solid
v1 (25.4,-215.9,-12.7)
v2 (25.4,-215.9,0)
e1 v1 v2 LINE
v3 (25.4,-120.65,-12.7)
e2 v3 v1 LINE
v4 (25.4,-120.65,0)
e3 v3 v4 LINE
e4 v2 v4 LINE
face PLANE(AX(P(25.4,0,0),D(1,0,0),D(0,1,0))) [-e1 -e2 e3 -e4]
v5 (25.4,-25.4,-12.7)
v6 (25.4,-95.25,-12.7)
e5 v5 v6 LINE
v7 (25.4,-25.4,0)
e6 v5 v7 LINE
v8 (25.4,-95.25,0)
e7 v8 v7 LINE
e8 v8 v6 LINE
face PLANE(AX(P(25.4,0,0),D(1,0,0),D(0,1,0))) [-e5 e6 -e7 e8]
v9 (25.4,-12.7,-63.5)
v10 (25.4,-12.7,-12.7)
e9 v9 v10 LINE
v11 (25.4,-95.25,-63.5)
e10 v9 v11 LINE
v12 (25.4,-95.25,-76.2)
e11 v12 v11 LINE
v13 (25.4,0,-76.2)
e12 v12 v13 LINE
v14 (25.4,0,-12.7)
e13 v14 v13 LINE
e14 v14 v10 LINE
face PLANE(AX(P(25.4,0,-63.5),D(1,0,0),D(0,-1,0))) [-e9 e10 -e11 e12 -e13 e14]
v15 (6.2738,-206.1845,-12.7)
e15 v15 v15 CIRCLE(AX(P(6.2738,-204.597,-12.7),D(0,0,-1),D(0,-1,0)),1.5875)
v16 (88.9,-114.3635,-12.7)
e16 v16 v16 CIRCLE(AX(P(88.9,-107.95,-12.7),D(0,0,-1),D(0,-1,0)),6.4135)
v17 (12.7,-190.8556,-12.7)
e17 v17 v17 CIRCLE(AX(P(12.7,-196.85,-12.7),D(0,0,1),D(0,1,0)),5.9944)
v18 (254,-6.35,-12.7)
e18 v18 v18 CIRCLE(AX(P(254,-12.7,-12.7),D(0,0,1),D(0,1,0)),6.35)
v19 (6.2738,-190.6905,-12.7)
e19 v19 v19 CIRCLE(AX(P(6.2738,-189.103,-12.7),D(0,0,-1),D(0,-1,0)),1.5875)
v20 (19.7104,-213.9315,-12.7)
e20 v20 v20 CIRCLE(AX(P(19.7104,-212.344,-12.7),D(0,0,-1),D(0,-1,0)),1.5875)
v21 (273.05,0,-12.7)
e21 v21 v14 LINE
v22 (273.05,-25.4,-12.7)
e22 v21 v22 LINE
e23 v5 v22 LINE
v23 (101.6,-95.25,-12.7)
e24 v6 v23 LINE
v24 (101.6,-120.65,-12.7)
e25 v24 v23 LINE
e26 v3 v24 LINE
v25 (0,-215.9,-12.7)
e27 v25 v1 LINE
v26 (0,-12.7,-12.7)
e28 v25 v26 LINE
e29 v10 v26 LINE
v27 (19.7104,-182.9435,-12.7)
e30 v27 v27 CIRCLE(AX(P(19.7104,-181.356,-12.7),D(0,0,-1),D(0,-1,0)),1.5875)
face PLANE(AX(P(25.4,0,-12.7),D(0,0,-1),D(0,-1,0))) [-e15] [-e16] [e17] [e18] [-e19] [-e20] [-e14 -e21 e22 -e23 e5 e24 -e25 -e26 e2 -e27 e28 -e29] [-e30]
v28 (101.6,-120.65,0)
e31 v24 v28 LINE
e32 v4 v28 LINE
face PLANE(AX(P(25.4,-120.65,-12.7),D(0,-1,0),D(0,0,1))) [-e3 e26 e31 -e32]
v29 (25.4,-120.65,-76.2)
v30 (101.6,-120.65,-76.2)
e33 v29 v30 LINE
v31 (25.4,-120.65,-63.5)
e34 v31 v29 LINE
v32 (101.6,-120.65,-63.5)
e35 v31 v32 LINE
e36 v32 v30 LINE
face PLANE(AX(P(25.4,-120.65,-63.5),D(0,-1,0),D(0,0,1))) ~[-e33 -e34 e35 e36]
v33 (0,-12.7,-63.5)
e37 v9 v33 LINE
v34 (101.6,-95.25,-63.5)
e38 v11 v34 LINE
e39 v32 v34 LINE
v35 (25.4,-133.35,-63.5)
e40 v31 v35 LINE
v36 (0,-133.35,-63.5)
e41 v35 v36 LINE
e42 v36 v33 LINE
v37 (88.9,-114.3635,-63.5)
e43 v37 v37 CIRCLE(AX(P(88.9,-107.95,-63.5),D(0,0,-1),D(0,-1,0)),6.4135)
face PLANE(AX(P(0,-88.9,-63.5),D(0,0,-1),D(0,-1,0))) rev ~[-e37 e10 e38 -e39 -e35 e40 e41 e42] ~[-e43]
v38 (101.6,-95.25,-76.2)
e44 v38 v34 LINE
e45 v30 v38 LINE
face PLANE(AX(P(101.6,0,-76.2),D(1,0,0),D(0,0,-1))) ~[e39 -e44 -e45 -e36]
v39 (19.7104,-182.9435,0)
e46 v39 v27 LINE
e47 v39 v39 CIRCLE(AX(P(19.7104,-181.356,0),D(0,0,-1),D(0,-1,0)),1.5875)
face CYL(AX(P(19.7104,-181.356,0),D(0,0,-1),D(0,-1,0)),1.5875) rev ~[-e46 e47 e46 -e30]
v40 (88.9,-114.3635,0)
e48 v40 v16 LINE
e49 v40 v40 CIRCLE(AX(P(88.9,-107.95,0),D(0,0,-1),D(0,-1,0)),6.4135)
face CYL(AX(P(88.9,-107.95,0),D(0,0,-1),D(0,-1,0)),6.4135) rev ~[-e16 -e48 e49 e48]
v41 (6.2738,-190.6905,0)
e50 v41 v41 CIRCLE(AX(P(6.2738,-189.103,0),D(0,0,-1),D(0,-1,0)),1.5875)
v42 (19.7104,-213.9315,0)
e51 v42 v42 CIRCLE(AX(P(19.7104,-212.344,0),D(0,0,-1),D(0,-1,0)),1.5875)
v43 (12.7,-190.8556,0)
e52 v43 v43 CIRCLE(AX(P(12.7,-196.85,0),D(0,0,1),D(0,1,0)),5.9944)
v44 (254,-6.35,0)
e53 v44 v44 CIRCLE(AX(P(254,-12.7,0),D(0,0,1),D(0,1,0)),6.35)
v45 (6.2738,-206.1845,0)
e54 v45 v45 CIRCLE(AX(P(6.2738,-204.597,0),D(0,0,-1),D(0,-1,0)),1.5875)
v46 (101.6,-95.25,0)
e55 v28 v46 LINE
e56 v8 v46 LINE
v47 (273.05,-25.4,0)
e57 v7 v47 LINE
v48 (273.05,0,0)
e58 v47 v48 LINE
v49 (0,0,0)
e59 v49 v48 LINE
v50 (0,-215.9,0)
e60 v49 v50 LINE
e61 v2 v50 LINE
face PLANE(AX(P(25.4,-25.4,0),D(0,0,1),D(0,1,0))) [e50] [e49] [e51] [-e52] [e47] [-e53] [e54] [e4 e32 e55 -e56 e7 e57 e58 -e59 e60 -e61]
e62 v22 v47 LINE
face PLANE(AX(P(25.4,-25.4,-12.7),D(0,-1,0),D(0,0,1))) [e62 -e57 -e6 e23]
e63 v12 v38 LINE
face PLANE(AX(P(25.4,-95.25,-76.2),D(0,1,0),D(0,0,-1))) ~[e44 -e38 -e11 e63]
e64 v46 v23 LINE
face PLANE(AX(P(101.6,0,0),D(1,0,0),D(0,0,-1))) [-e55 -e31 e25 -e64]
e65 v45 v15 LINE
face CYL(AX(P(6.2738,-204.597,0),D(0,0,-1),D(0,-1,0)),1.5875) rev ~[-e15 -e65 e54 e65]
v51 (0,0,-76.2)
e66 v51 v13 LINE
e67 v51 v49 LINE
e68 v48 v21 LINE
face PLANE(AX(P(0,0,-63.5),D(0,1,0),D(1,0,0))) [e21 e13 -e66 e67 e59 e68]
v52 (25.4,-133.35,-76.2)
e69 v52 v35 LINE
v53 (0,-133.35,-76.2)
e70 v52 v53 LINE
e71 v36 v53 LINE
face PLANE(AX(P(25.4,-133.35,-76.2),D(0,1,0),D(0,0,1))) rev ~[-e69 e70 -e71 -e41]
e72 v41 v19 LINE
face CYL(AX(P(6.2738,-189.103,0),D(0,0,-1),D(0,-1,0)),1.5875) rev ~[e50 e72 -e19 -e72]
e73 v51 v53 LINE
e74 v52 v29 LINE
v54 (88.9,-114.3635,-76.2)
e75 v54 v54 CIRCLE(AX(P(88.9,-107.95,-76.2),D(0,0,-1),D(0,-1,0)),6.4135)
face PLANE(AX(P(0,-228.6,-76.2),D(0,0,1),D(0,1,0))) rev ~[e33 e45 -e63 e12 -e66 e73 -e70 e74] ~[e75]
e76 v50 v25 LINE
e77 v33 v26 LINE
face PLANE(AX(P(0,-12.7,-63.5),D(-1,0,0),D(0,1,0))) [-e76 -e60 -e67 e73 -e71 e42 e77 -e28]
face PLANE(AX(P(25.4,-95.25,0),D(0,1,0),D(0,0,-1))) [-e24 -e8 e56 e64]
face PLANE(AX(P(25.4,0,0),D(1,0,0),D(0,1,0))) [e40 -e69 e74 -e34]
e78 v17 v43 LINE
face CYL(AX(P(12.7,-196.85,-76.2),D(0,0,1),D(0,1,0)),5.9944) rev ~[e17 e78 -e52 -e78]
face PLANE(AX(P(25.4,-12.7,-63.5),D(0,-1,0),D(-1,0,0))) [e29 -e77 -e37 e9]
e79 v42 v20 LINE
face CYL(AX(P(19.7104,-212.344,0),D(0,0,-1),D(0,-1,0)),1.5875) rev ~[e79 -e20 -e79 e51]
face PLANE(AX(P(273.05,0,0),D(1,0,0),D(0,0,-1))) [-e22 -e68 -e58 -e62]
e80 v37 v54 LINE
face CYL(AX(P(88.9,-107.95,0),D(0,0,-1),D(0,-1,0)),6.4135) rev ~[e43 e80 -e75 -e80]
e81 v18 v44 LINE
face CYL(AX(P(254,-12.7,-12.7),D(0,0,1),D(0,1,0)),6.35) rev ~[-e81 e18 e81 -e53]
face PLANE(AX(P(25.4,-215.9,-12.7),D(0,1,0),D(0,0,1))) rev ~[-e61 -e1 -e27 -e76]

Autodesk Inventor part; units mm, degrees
ref_plane "YZ Plane" through (0, 0, 0) normal (1, 0, 0) x (0, 1, 0)
ref_plane "XZ Plane" through (0, 0, 0) normal (0, 1, 0) x (-1, 0, 0)
sketch "Sketch1" plane through (0, 0, 0) normal (1, 0, 0) x (0, 1, 0)
  line L0 (0, 0) -> (-228.6, 0)
  line L1 (-228.6, 0) -> (-228.6, -12.7)
  line L2 (-228.6, -12.7) -> (0, -12.7)
  line L3 (0, -12.7) -> (0, 0)
  line L4 (0, -12.7) -> (-88.9, -12.7)
  line L5 (-88.9, -63.5) -> (0, -63.5)
  line L6 (0, -63.5) -> (-228.6, -63.5)
  line L7 (-228.6, -63.5) -> (-228.6, -76.2)
  line L8 (-228.6, -76.2) -> (0, -76.2)
  line L9 (0, -76.2) -> (0, -63.5)
  line L10 (-228.6, 0) -> (-215.9, 0)
  line L11 (-215.9, 0) -> (-215.9, -76.2)
  line L12 (-215.9, -76.2) -> (-228.6, -76.2)
  line L13 (-228.6, -76.2) -> (-228.6, 0)
  dimension "d1" = 12.7
  dimension "d4" = 12.7
  dimension "d63" = 12.7
  dimension "d64" = 228.6
  dimension "d65" = 228.6
  dimension "d66" = 50.8
extrude "Extrusion1" add sketch "Sketch1" along normal blind 25.4
sketch "Sketch3" plane through (0, -228.6, -76.2) normal (0, 0, -1) x (-1, 0, 0)
  line L0 (0, 0) -> (0, 228.6) projected
  line L1 (0, 228.6) -> (-25.4, 228.6) projected
  line L2 (-25.4, 0) -> (-25.4, 228.6) projected
  line L3 (0, 0) -> (-25.4, 0) projected
  point P0 (0, 228.6)
  point P1 (-12.7, 31.75)
  dimension "d18" = 25.4
  dimension "d19" = 12.7
  dimension "d20" = 31.75
hole "Hole2" at (12.7, -196.85, -76.2) direction (0, 0, 1) diameter 11.9888 end through all
sketch "Sketch5" plane through (25.4, 0, 0) normal (1, 0, 0) x (0, 0, -1)
  line L0 (0, 0) -> (12.7, 0)
  line L1 (12.7, 0) -> (12.7, -25.4)
  line L2 (12.7, -25.4) -> (0, -25.4)
  line L3 (0, -25.4) -> (0, 0)
  line L4 (0, 0) -> (0, -228.6) projected
  line L5 (12.7, 0) -> (0, 0) projected
  dimension "d39" = 12.7
  dimension "d67" = 25.4
  dimension "d68" = 0
  dimension "d69" = 0
extrude "Extrusion2" add sketch "Sketch5" along normal blind 247.65
sketch "Sketch9" plane through (25.4, 0, 0) normal (1, 0, 0) x (0, 0, -1)
  line L0 (12.7, -215.9) -> (12.7, -25.4) projected
  line L1 (0, -95.25) -> (12.7, -95.25)
  line L2 (12.7, -95.25) -> (12.7, -120.65)
  line L3 (12.7, -120.65) -> (0, -120.65)
  line L4 (0, -120.65) -> (0, -95.25)
  line L5 (0, -25.4) -> (0, -228.6) projected
  line L6 (0, -25.4) -> (12.7, -25.4) projected
  point P0 (0, 0)
  dimension "d81" = 25.4
  dimension "d83" = 12.7
  dimension "d84" = 12.7
  dimension "d85" = 69.85
extrude "Extrusion3" add sketch "Sketch9" along normal blind 76.2 contours L3 L4 L1 L0
sketch "Sketch8" plane through (0, -215.9, -12.7) normal (0, 0, -1) x (-1, 0, 0)
  line L0 (-273.05, 190.5) -> (-273.05, 215.9) projected
  line L1 (0, 215.9) -> (-273.05, 215.9) projected
  point P0 (-254, 203.2)
  dimension "d70" = 19.05
  dimension "d71" = 25.4
  dimension "d72" = 12.7
hole "Hole6" at (254, -12.7, -12.7) direction (0, 0, 1) diameter 12.7 end through all
ref_plane "Work Plane1" through (0, -215.9, -38.1) normal (0, 0, 1) x (1, 0, 0)
mirror "Mirror1" about plane through (0, -215.9, -38.1) normal (0, 0, 1) of "Extrusion3"
sketch "Sketch10" plane through (0, -228.6, 0) normal (0, 0, 1) x (1, 0, 0)
  line L0 (25.4, 133.35) -> (101.6, 133.35) projected
  line L1 (25.4, 107.95) -> (101.6, 107.95) projected
  line L2 (101.6, 133.35) -> (101.6, 107.95) projected
  point P0 (0, 228.6)
  point P1 (88.9, 120.65)
  dimension "d89" = 25.4
  dimension "d90" = 12.7
  dimension "d91" = 12.7
hole "Hole7" at (88.9, -107.95, 0) direction (0, 0, -1) diameter 12.827 end through all
sketch "Sketch11" plane through (0, -215.9, -63.5) normal (0, 0, 1) x (1, 0, 0)
  line L0 (0, 215.9) -> (25.4, 215.9) projected
  line L1 (25.4, 215.9) -> (25.4, 120.65) projected
  line L2 (0, 215.9) -> (25.4, 215.9)
  line L3 (25.4, 215.9) -> (25.4, 203.2)
  line L4 (25.4, 203.2) -> (0, 203.2)
  line L5 (0, 203.2) -> (0, 215.9)
  dimension "d99" = 12.7
extrude "Extrusion4" add sketch "Sketch11" along normal up to surface (50.8 mm away)
sketch "Sketch12" plane through (25.4, 0, 0) normal (1, 0, 0) x (0, 0, -1)
  line L0 (76.2, -228.6) -> (76.2, 0) projected
  line L1 (76.2, -133.35) -> (63.5, -133.35)
  line L2 (63.5, -12.7) -> (63.5, -215.9) projected
  line L3 (76.2, -120.65) -> (63.5, -120.65) projected
  line L4 (12.7, -215.9) -> (12.7, -12.7) projected
  line L5 (0, 0) -> (0, -228.6) projected
  line L6 (76.2, -120.65) -> (63.5, -120.65) projected
  line L7 (63.5, -120.65) -> (63.5, -215.9) projected
  line L8 (63.5, -215.9) -> (12.7, -215.9) projected
  line L9 (12.7, -215.9) -> (12.7, -120.65) projected
  line L10 (12.7, -120.65) -> (0, -120.65) projected
  line L11 (0, -120.65) -> (0, -228.6) projected
  line L12 (0, -228.6) -> (76.2, -228.6) projected
  line L13 (76.2, -228.6) -> (76.2, -120.65) projected
  line L14 (12.7, -215.9) -> (0, -215.9)
  dimension "d102" = 12.7
extrude "Extrusion5" cut sketch "Sketch12" against normal blind 50.8 contours L12 L5 L14 L8 L2 L1 L0
sketch "Sketch13" plane through (0, 0, 0) normal (0, 0, 1) x (1, 0, 0)
  circle A0 centre (12.7, -196.85) radius 5.9944 projected
  point P0 (0, 0)
  point P1 (6.2738, -189.103)
  point P2 (19.7104, -181.356)
  point P3 (19.7104, -212.344)
  point P4 (6.2738, -204.597)
  dimension "d105" = 7.747
  dimension "d106" = 6.4262
  dimension "d107" = 7.0104
  dimension "d108" = 15.494
  dimension "d109" = 15.494
  dimension "d110" = 7.0104
  dimension "d111" = 7.747
  dimension "d112" = 6.4262
hole "Hole8" at (6.2738, -189.103, 0) at (19.7104, -181.356, 0) at (19.7104, -212.344, 0) at (6.2738, -204.597, 0) direction (0, 0, -1) diameter 3.175 end through all
equation "\"d4\" = d1"
equation "\"d65\" = d64"
equation "\"d19\" = 0.5 * d18"
equation "\"d84\" = d83"
equation "\"d72\" = 0.5 * d71"
equation "\"d90\" = 0.5 * d89"
equation "\"d109\" = d108"
equation "\"d110\" = d107"
equation "\"d111\" = d105"
equation "\"d112\" = d106"
properties part number "shooter" material "Aluminum 6061"
